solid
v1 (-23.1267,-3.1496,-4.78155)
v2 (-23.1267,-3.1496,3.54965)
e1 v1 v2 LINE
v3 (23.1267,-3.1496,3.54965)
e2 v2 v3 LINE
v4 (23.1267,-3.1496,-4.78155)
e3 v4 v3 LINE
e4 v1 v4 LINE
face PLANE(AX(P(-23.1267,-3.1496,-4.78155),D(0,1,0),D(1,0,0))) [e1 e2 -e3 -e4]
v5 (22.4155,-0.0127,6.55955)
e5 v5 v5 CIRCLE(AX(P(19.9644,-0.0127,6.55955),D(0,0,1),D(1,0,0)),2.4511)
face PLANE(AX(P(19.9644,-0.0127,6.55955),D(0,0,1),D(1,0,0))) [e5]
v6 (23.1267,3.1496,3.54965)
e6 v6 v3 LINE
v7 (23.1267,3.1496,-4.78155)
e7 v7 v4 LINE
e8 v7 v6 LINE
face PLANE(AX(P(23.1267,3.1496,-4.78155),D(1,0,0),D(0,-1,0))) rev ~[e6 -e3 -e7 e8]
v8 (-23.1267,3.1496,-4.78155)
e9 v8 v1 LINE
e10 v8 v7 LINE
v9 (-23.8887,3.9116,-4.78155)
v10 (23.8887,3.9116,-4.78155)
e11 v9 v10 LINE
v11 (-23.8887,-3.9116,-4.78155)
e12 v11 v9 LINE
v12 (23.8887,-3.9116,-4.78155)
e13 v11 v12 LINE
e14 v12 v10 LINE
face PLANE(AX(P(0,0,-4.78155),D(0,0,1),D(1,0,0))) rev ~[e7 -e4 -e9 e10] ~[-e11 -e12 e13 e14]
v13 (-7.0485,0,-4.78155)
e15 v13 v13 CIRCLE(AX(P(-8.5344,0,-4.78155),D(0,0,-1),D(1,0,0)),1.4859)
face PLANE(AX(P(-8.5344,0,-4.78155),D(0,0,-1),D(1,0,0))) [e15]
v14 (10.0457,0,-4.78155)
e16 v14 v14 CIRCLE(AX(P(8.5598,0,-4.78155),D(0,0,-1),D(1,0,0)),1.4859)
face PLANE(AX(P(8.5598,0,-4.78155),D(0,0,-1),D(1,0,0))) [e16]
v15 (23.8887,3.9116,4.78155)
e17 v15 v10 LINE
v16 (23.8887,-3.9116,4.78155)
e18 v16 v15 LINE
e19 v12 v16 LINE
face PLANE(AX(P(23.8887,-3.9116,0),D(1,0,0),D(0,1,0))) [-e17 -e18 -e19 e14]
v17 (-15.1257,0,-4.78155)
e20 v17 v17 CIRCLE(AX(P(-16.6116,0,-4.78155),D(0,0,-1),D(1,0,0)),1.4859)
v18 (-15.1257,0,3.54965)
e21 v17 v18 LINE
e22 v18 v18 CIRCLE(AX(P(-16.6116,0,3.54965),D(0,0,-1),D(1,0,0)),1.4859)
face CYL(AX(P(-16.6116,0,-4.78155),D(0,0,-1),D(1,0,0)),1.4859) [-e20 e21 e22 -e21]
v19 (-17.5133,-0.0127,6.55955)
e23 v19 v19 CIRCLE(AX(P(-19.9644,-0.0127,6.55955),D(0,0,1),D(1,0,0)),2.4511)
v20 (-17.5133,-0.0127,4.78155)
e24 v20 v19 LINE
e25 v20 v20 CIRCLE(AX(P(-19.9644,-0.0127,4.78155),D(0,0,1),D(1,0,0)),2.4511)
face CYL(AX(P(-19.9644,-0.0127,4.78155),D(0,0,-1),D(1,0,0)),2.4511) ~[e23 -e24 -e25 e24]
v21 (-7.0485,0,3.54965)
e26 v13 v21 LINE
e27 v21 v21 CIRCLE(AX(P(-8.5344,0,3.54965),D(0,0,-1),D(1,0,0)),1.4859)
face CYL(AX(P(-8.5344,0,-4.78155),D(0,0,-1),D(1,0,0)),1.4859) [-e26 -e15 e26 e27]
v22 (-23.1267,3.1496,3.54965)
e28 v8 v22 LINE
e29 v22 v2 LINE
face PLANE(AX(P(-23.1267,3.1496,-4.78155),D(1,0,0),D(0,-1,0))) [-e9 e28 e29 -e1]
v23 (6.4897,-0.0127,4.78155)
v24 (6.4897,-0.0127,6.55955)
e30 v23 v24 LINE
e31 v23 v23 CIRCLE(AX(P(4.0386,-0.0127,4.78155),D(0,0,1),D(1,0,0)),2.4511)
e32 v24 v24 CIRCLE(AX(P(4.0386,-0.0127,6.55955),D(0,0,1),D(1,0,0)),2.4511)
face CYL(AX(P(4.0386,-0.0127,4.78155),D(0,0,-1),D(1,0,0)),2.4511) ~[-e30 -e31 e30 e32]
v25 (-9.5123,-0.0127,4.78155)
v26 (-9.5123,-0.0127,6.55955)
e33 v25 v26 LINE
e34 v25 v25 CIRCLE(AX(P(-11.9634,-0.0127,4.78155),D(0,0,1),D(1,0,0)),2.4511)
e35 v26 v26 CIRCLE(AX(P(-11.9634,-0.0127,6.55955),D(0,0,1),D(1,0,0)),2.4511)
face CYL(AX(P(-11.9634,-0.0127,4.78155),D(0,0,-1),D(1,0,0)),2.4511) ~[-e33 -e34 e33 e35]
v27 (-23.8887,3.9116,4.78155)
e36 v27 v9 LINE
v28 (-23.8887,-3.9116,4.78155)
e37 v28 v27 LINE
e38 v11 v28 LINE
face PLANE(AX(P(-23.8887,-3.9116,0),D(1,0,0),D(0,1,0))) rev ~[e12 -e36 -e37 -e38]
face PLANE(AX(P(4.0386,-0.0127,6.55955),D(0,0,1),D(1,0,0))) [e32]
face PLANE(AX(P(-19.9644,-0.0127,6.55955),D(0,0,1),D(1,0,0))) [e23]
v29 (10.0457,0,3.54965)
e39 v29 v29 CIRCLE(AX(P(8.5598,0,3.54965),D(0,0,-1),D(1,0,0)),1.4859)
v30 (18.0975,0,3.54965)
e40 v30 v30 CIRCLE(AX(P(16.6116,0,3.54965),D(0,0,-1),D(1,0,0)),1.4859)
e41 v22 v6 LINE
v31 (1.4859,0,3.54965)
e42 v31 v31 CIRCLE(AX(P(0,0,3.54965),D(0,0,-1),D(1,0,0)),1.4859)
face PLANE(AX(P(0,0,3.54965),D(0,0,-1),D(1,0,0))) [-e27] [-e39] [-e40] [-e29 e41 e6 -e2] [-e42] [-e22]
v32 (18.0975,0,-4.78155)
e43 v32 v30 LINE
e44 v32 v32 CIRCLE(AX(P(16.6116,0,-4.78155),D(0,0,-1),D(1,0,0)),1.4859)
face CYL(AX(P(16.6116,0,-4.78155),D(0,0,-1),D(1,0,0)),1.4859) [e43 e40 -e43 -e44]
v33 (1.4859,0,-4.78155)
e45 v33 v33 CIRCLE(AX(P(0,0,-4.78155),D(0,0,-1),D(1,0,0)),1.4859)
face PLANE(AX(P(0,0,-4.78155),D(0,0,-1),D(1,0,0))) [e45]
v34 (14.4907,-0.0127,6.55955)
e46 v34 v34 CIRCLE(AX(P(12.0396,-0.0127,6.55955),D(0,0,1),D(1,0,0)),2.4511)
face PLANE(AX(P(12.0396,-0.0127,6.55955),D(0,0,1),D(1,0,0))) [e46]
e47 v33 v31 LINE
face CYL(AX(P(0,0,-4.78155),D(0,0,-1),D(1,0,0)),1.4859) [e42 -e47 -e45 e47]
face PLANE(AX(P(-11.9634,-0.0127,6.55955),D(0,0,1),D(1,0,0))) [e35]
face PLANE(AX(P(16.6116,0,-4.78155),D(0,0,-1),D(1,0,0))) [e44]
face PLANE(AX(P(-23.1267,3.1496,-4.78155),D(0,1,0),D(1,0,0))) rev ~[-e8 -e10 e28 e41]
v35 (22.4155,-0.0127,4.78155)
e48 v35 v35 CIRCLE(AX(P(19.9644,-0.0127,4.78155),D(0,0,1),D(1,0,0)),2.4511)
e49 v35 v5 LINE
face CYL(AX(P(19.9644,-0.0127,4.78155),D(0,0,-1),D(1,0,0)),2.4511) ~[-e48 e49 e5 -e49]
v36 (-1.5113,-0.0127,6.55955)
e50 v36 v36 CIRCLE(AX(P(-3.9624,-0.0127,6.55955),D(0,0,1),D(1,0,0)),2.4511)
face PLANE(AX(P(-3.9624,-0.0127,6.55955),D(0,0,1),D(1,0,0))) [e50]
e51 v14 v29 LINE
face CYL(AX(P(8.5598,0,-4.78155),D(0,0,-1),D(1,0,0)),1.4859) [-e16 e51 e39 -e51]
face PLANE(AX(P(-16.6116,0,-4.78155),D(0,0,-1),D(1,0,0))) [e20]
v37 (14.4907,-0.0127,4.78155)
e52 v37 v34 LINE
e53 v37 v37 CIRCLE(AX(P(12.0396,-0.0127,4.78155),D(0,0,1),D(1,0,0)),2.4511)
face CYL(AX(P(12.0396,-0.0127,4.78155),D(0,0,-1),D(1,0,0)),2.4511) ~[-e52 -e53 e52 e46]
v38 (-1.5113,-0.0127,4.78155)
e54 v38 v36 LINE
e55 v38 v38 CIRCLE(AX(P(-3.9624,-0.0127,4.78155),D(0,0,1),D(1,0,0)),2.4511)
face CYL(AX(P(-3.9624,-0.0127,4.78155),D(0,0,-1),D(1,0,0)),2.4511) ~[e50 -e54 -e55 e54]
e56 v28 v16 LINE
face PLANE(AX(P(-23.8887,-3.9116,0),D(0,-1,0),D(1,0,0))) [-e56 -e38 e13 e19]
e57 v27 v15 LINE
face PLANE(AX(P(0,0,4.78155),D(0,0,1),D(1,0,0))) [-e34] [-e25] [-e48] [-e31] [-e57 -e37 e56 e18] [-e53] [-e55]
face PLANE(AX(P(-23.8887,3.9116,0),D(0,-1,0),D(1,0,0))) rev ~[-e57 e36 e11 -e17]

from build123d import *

# Parameters (mm, degrees)
F0_W      = 47.7774
F0_H      = 7.8232
F1_DEPTH  = 4.78155
F2_R      = 2.4511
F8_DEPTH  = 1.778
F3_R      = 2.4511
F9_DEPTH  = 1.778
F4_R      = 2.4511
F10_DEPTH = 1.778
F5_R      = 2.4511
F11_DEPTH = 1.778
F6_R      = 2.4511
F12_DEPTH = 1.778
F7_R      = 2.4511
F13_DEPTH = 1.778
F14_W     = 46.2534
F14_H     = 6.2992
F20_DEPTH = 8.3312
F15_R     = 1.4859
F21_DEPTH = 8.3312
F16_R     = 1.4859
F22_DEPTH = 8.3312
F17_R     = 1.4859
F23_DEPTH = 8.3312
F19_R     = 1.4859
F24_DEPTH = 8.3312
F18_R     = 1.4859
F25_DEPTH = 8.3312


with BuildPart() as f1:
    # F0 (on Top) → F1 (new body, symmetric)
    with BuildSketch(Plane.XY):
        Rectangle(F0_W, F0_H)
    extrude(amount=F1_DEPTH, both=True)

    # F2 (on face) → F8 (join)
    with BuildSketch(Plane.XY.offset(4.78155)):
        with Locations((-19.9644, -0.0127)):
            Circle(F2_R)
    extrude(amount=F8_DEPTH)

    # F3 (on face) → F9 (join)
    with BuildSketch(Plane.XY.offset(4.78155)):
        with Locations((-11.9634, -0.0127)):
            Circle(F3_R)
    extrude(amount=F9_DEPTH)

    # F4 (on face) → F10 (join)
    with BuildSketch(Plane.XY.offset(4.78155)):
        with Locations((-3.9624, -0.0127)):
            Circle(F4_R)
    extrude(amount=F10_DEPTH)

    # F5 (on face) → F11 (join)
    with BuildSketch(Plane.XY.offset(4.78155)):
        with Locations((4.0386, -0.0127)):
            Circle(F5_R)
    extrude(amount=F11_DEPTH)

    # F6 (on face) → F12 (join)
    with BuildSketch(Plane.XY.offset(4.78155)):
        with Locations((12.0396, -0.0127)):
            Circle(F6_R)
    extrude(amount=F12_DEPTH)

    # F7 (on face) → F13 (join)
    with BuildSketch(Plane.XY.offset(4.78155)):
        with Locations((19.9644, -0.0127)):
            Circle(F7_R)
    extrude(amount=F13_DEPTH)

    # F14 (on face) → F20 (cut)
    with BuildSketch(Plane(origin=(0, 0, -4.78155), x_dir=(1, 0, 0), z_dir=(0, 0, -1))):
        Rectangle(F14_W, F14_H)
    extrude(amount=-F20_DEPTH, mode=Mode.SUBTRACT)

    # F15 (on face) → F21 (join)
    with BuildSketch(Plane(origin=(0, 0, -4.78155), x_dir=(1, 0, 0), z_dir=(0, 0, -1))):
        with Locations((-16.6116, 0)):
            Circle(F15_R)
    extrude(amount=-F21_DEPTH)

    # F16 (on face) → F22 (join)
    with BuildSketch(Plane(origin=(0, 0, -4.78155), x_dir=(1, 0, 0), z_dir=(0, 0, -1))):
        with Locations((-8.5344, 0)):
            Circle(F16_R)
    extrude(amount=-F22_DEPTH)

    # F17 (on face) → F23 (join)
    with BuildSketch(Plane(origin=(0, 0, -4.78155), x_dir=(1, 0, 0), z_dir=(0, 0, -1))):
        Circle(F17_R)
    extrude(amount=-F23_DEPTH)

    # F19 (on face) → F24 (join)
    with BuildSketch(Plane(origin=(0, 0, -4.78155), x_dir=(1, 0, 0), z_dir=(0, 0, -1))):
        with Locations((8.5598, 0)):
            Circle(F19_R)
    extrude(amount=-F24_DEPTH)

    # F18 (on face) → F25 (join)
    with BuildSketch(Plane(origin=(0, 0, -4.78155), x_dir=(1, 0, 0), z_dir=(0, 0, -1))):
        with Locations((16.6116, 0)):
            Circle(F18_R)
    extrude(amount=-F25_DEPTH)


solid = f1.part
